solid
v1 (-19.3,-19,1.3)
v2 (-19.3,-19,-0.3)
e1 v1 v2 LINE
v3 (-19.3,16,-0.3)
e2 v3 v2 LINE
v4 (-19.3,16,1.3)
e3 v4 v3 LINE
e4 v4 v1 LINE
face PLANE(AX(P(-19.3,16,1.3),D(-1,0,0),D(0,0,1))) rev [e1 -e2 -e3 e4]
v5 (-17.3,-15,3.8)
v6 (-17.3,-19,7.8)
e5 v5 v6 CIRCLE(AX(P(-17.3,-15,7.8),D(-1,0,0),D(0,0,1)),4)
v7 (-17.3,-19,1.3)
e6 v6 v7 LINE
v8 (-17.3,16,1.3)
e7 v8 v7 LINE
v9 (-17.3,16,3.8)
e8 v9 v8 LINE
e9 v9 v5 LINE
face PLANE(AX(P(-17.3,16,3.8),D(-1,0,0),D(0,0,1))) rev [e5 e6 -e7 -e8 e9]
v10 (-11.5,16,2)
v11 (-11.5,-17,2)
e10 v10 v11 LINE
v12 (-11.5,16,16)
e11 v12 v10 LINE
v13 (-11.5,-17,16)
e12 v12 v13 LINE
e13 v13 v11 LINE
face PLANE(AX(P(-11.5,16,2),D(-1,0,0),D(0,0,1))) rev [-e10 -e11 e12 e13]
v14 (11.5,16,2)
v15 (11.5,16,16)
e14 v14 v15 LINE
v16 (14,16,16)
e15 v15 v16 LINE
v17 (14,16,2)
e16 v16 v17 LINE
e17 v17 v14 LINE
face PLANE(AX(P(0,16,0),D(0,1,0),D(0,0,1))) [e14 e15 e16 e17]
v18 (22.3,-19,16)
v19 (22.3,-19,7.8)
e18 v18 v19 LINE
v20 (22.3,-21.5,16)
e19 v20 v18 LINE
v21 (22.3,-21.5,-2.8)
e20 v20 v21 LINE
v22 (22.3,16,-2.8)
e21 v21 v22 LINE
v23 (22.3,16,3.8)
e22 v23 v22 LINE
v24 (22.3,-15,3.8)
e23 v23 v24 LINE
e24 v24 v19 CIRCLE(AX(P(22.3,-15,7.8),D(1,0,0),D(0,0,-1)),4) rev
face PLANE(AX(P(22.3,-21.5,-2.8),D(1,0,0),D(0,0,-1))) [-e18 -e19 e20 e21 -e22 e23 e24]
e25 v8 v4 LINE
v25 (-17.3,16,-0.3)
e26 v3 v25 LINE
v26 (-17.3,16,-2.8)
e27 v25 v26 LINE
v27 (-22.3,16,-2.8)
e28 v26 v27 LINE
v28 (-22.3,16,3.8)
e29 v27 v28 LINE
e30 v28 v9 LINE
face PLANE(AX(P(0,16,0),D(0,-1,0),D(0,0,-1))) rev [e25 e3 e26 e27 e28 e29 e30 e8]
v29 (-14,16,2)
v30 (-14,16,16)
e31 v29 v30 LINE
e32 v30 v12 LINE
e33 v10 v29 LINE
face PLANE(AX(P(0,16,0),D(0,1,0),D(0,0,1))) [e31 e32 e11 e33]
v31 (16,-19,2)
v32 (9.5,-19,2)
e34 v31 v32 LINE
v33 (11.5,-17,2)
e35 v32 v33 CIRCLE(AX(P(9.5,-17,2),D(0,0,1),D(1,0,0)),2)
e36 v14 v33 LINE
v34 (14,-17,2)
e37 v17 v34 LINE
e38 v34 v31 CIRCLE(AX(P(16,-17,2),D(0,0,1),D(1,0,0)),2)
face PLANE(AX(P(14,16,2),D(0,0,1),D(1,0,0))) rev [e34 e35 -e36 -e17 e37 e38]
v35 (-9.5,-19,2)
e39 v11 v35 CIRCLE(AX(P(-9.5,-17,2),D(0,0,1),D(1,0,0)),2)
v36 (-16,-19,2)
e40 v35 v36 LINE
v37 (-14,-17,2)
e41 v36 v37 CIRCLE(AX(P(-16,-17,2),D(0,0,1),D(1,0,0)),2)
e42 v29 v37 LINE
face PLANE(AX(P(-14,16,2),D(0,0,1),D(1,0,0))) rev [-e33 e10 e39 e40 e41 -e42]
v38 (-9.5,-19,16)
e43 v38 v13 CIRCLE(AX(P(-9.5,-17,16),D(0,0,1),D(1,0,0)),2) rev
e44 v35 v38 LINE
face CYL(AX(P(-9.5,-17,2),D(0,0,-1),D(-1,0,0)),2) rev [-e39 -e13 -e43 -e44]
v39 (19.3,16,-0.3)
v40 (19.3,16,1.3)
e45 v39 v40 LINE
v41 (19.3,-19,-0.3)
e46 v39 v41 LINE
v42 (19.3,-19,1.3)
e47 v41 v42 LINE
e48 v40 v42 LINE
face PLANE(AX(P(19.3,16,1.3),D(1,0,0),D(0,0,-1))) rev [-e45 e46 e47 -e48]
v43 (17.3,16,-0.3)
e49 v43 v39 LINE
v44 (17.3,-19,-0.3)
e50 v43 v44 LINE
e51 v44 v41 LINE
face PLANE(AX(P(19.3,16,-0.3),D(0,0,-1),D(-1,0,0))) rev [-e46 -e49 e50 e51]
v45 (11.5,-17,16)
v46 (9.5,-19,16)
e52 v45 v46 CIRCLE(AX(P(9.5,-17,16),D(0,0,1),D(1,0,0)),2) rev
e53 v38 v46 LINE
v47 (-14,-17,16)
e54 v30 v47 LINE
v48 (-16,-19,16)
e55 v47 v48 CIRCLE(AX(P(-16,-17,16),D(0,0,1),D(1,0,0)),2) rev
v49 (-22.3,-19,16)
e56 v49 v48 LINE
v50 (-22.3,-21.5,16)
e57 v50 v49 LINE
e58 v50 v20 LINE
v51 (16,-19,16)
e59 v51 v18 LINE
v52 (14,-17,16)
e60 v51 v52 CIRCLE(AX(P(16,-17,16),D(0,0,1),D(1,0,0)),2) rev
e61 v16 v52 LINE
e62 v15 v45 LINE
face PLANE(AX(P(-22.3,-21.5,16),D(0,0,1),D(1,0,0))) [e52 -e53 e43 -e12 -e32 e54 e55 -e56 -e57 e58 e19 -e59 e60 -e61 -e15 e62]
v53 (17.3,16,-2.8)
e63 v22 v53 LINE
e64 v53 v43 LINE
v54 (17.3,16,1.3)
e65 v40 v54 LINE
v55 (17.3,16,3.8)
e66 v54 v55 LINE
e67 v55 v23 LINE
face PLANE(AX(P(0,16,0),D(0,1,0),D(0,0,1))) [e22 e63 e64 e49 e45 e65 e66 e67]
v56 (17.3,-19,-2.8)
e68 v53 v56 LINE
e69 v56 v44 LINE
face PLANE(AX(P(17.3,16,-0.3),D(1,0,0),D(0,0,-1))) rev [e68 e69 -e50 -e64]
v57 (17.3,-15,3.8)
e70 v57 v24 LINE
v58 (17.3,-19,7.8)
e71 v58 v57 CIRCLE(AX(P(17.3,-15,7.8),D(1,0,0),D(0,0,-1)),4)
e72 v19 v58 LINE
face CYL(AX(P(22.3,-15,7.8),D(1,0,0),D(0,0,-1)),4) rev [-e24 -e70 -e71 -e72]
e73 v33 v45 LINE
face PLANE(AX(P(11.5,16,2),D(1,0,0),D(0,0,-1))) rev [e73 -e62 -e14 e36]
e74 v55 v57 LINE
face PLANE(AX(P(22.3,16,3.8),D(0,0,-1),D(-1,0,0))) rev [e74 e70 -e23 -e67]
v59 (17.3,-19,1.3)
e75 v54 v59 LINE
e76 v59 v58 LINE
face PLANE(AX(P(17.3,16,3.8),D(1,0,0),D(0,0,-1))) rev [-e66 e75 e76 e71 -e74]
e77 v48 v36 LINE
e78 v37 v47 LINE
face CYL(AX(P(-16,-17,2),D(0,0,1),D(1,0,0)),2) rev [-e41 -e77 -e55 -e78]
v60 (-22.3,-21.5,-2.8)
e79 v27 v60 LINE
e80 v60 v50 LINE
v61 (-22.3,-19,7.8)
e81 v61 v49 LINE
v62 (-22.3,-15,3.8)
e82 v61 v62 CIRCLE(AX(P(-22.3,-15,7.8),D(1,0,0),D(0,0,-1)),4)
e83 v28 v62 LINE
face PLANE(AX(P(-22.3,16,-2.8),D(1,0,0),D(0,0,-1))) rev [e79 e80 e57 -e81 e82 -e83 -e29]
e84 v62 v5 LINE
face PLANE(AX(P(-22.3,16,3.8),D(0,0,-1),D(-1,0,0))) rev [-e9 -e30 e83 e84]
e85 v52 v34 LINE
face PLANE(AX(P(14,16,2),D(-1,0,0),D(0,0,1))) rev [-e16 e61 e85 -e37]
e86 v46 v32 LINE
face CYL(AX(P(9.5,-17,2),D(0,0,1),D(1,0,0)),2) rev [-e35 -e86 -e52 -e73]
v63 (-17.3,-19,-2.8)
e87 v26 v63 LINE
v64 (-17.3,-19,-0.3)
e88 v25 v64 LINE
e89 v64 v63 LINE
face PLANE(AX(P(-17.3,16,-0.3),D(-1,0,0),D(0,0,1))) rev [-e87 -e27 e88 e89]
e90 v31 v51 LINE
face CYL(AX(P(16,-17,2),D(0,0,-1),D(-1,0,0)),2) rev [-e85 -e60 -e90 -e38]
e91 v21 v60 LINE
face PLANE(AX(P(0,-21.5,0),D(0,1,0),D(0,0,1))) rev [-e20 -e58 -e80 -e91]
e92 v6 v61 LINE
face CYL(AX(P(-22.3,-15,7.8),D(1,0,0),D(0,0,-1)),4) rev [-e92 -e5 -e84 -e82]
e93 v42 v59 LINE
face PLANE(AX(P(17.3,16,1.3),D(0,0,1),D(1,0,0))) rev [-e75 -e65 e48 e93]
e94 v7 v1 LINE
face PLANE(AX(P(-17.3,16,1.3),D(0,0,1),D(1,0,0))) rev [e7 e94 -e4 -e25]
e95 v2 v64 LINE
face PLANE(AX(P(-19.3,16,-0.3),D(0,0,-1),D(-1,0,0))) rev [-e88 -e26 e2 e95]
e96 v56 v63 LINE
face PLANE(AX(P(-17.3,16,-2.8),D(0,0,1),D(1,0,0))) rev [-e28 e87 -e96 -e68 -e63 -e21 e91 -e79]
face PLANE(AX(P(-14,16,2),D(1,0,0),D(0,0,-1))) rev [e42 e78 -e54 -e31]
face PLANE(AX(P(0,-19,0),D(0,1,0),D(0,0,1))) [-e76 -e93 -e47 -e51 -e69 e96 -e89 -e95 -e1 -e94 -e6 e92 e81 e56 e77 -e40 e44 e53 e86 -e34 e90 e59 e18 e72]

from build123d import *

# Parameters (mm, degrees)
BOSS_EXTRUDE1_DEPTH   = 35
BOSS_EXTRUDE1_2_DEPTH = 35
SKETCH1_W             = 2.5
SKETCH1_H             = 14
BOSS_EXTRUDE1_3_DEPTH = 35
BOSS_EXTRUDE1_4_DEPTH = 35
SKETCH2_W             = 44.6
SKETCH2_H             = 18.8
BOSS_EXTRUDE2_DEPTH   = 2.5
FILLET1_R             = 2
FILLET2_R             = 4


with BuildPart() as part:
    # Sketch1 → Boss-Extrude1 (new body)
    with BuildSketch(Plane(origin=(0, -19, 0), x_dir=(1, 0, 0), z_dir=(0, 1, 0))):
        Polygon((-19.3, 0.3), (-17.3, 0.3), (-17.3, 2.8), (-22.3, 2.8), (-22.3, -3.8), (-17.3, -3.8), (-17.3, -1.3), (-19.3, -1.3), align=None)
    extrude(amount=BOSS_EXTRUDE1_DEPTH)



with BuildPart() as body_2:
    # Sketch1 → Boss-Extrude1 2 (new body)
    with BuildSketch(Plane(origin=(0, -19, 0), x_dir=(1, 0, 0), z_dir=(0, 1, 0))):
        Polygon((19.3, -1.3), (19.3, 0.3), (17.3, 0.3), (17.3, 2.8), (22.3, 2.8), (22.3, -3.8), (17.3, -3.8), (17.3, -1.3), align=None)
    extrude(amount=BOSS_EXTRUDE1_2_DEPTH)


with BuildPart() as body_3:
    # Sketch1 → Boss-Extrude1 3 (new body)
    with BuildSketch(Plane(origin=(0, -19, 0), x_dir=(1, 0, 0), z_dir=(0, 1, 0))):
        with Locations((12.75, -9)):
            Rectangle(SKETCH1_W, SKETCH1_H)
    extrude(amount=BOSS_EXTRUDE1_3_DEPTH)


with BuildPart() as body_4:
    # Sketch1 → Boss-Extrude1 4 (new body)
    with BuildSketch(Plane(origin=(0, -19, 0), x_dir=(1, 0, 0), z_dir=(0, 1, 0))):
        with Locations((-12.75, -9)):
            Rectangle(SKETCH1_W, SKETCH1_H)
    extrude(amount=BOSS_EXTRUDE1_4_DEPTH)


with BuildPart() as part_1:
    add(part.part)

    add(body_2.part)  # Boss-Extrude2 merges body 2

    add(body_3.part)  # Boss-Extrude2 merges body 3

    add(body_4.part)  # Boss-Extrude2 merges body 4
    # Sketch2 → Boss-Extrude2 (add)
    with BuildSketch(Plane(origin=(0, -19, 0), x_dir=(1, 0, 0), z_dir=(0, 1, 0))):
        with Locations((0, -6.6)):
            Rectangle(SKETCH2_W, SKETCH2_H)
    extrude(amount=-BOSS_EXTRUDE2_DEPTH)

    # Fillet1
    fillet1_edges = [part_1.edges().sort_by_distance(p)[0] for p in [
        (11.5, -19, 9),
        (14, -19, 9),
        (-14, -19, 9),
        (-11.5, -19, 9),
    ]]
    fillet(fillet1_edges, radius=FILLET1_R)

    # Fillet2
    fillet2_edges = [part_1.edges().sort_by_distance(p)[0] for p in [
        (19.8, -19, 3.8),
        (-19.8, -19, 3.8),
    ]]
    fillet(fillet2_edges, radius=FILLET2_R)


solid = part_1.part
